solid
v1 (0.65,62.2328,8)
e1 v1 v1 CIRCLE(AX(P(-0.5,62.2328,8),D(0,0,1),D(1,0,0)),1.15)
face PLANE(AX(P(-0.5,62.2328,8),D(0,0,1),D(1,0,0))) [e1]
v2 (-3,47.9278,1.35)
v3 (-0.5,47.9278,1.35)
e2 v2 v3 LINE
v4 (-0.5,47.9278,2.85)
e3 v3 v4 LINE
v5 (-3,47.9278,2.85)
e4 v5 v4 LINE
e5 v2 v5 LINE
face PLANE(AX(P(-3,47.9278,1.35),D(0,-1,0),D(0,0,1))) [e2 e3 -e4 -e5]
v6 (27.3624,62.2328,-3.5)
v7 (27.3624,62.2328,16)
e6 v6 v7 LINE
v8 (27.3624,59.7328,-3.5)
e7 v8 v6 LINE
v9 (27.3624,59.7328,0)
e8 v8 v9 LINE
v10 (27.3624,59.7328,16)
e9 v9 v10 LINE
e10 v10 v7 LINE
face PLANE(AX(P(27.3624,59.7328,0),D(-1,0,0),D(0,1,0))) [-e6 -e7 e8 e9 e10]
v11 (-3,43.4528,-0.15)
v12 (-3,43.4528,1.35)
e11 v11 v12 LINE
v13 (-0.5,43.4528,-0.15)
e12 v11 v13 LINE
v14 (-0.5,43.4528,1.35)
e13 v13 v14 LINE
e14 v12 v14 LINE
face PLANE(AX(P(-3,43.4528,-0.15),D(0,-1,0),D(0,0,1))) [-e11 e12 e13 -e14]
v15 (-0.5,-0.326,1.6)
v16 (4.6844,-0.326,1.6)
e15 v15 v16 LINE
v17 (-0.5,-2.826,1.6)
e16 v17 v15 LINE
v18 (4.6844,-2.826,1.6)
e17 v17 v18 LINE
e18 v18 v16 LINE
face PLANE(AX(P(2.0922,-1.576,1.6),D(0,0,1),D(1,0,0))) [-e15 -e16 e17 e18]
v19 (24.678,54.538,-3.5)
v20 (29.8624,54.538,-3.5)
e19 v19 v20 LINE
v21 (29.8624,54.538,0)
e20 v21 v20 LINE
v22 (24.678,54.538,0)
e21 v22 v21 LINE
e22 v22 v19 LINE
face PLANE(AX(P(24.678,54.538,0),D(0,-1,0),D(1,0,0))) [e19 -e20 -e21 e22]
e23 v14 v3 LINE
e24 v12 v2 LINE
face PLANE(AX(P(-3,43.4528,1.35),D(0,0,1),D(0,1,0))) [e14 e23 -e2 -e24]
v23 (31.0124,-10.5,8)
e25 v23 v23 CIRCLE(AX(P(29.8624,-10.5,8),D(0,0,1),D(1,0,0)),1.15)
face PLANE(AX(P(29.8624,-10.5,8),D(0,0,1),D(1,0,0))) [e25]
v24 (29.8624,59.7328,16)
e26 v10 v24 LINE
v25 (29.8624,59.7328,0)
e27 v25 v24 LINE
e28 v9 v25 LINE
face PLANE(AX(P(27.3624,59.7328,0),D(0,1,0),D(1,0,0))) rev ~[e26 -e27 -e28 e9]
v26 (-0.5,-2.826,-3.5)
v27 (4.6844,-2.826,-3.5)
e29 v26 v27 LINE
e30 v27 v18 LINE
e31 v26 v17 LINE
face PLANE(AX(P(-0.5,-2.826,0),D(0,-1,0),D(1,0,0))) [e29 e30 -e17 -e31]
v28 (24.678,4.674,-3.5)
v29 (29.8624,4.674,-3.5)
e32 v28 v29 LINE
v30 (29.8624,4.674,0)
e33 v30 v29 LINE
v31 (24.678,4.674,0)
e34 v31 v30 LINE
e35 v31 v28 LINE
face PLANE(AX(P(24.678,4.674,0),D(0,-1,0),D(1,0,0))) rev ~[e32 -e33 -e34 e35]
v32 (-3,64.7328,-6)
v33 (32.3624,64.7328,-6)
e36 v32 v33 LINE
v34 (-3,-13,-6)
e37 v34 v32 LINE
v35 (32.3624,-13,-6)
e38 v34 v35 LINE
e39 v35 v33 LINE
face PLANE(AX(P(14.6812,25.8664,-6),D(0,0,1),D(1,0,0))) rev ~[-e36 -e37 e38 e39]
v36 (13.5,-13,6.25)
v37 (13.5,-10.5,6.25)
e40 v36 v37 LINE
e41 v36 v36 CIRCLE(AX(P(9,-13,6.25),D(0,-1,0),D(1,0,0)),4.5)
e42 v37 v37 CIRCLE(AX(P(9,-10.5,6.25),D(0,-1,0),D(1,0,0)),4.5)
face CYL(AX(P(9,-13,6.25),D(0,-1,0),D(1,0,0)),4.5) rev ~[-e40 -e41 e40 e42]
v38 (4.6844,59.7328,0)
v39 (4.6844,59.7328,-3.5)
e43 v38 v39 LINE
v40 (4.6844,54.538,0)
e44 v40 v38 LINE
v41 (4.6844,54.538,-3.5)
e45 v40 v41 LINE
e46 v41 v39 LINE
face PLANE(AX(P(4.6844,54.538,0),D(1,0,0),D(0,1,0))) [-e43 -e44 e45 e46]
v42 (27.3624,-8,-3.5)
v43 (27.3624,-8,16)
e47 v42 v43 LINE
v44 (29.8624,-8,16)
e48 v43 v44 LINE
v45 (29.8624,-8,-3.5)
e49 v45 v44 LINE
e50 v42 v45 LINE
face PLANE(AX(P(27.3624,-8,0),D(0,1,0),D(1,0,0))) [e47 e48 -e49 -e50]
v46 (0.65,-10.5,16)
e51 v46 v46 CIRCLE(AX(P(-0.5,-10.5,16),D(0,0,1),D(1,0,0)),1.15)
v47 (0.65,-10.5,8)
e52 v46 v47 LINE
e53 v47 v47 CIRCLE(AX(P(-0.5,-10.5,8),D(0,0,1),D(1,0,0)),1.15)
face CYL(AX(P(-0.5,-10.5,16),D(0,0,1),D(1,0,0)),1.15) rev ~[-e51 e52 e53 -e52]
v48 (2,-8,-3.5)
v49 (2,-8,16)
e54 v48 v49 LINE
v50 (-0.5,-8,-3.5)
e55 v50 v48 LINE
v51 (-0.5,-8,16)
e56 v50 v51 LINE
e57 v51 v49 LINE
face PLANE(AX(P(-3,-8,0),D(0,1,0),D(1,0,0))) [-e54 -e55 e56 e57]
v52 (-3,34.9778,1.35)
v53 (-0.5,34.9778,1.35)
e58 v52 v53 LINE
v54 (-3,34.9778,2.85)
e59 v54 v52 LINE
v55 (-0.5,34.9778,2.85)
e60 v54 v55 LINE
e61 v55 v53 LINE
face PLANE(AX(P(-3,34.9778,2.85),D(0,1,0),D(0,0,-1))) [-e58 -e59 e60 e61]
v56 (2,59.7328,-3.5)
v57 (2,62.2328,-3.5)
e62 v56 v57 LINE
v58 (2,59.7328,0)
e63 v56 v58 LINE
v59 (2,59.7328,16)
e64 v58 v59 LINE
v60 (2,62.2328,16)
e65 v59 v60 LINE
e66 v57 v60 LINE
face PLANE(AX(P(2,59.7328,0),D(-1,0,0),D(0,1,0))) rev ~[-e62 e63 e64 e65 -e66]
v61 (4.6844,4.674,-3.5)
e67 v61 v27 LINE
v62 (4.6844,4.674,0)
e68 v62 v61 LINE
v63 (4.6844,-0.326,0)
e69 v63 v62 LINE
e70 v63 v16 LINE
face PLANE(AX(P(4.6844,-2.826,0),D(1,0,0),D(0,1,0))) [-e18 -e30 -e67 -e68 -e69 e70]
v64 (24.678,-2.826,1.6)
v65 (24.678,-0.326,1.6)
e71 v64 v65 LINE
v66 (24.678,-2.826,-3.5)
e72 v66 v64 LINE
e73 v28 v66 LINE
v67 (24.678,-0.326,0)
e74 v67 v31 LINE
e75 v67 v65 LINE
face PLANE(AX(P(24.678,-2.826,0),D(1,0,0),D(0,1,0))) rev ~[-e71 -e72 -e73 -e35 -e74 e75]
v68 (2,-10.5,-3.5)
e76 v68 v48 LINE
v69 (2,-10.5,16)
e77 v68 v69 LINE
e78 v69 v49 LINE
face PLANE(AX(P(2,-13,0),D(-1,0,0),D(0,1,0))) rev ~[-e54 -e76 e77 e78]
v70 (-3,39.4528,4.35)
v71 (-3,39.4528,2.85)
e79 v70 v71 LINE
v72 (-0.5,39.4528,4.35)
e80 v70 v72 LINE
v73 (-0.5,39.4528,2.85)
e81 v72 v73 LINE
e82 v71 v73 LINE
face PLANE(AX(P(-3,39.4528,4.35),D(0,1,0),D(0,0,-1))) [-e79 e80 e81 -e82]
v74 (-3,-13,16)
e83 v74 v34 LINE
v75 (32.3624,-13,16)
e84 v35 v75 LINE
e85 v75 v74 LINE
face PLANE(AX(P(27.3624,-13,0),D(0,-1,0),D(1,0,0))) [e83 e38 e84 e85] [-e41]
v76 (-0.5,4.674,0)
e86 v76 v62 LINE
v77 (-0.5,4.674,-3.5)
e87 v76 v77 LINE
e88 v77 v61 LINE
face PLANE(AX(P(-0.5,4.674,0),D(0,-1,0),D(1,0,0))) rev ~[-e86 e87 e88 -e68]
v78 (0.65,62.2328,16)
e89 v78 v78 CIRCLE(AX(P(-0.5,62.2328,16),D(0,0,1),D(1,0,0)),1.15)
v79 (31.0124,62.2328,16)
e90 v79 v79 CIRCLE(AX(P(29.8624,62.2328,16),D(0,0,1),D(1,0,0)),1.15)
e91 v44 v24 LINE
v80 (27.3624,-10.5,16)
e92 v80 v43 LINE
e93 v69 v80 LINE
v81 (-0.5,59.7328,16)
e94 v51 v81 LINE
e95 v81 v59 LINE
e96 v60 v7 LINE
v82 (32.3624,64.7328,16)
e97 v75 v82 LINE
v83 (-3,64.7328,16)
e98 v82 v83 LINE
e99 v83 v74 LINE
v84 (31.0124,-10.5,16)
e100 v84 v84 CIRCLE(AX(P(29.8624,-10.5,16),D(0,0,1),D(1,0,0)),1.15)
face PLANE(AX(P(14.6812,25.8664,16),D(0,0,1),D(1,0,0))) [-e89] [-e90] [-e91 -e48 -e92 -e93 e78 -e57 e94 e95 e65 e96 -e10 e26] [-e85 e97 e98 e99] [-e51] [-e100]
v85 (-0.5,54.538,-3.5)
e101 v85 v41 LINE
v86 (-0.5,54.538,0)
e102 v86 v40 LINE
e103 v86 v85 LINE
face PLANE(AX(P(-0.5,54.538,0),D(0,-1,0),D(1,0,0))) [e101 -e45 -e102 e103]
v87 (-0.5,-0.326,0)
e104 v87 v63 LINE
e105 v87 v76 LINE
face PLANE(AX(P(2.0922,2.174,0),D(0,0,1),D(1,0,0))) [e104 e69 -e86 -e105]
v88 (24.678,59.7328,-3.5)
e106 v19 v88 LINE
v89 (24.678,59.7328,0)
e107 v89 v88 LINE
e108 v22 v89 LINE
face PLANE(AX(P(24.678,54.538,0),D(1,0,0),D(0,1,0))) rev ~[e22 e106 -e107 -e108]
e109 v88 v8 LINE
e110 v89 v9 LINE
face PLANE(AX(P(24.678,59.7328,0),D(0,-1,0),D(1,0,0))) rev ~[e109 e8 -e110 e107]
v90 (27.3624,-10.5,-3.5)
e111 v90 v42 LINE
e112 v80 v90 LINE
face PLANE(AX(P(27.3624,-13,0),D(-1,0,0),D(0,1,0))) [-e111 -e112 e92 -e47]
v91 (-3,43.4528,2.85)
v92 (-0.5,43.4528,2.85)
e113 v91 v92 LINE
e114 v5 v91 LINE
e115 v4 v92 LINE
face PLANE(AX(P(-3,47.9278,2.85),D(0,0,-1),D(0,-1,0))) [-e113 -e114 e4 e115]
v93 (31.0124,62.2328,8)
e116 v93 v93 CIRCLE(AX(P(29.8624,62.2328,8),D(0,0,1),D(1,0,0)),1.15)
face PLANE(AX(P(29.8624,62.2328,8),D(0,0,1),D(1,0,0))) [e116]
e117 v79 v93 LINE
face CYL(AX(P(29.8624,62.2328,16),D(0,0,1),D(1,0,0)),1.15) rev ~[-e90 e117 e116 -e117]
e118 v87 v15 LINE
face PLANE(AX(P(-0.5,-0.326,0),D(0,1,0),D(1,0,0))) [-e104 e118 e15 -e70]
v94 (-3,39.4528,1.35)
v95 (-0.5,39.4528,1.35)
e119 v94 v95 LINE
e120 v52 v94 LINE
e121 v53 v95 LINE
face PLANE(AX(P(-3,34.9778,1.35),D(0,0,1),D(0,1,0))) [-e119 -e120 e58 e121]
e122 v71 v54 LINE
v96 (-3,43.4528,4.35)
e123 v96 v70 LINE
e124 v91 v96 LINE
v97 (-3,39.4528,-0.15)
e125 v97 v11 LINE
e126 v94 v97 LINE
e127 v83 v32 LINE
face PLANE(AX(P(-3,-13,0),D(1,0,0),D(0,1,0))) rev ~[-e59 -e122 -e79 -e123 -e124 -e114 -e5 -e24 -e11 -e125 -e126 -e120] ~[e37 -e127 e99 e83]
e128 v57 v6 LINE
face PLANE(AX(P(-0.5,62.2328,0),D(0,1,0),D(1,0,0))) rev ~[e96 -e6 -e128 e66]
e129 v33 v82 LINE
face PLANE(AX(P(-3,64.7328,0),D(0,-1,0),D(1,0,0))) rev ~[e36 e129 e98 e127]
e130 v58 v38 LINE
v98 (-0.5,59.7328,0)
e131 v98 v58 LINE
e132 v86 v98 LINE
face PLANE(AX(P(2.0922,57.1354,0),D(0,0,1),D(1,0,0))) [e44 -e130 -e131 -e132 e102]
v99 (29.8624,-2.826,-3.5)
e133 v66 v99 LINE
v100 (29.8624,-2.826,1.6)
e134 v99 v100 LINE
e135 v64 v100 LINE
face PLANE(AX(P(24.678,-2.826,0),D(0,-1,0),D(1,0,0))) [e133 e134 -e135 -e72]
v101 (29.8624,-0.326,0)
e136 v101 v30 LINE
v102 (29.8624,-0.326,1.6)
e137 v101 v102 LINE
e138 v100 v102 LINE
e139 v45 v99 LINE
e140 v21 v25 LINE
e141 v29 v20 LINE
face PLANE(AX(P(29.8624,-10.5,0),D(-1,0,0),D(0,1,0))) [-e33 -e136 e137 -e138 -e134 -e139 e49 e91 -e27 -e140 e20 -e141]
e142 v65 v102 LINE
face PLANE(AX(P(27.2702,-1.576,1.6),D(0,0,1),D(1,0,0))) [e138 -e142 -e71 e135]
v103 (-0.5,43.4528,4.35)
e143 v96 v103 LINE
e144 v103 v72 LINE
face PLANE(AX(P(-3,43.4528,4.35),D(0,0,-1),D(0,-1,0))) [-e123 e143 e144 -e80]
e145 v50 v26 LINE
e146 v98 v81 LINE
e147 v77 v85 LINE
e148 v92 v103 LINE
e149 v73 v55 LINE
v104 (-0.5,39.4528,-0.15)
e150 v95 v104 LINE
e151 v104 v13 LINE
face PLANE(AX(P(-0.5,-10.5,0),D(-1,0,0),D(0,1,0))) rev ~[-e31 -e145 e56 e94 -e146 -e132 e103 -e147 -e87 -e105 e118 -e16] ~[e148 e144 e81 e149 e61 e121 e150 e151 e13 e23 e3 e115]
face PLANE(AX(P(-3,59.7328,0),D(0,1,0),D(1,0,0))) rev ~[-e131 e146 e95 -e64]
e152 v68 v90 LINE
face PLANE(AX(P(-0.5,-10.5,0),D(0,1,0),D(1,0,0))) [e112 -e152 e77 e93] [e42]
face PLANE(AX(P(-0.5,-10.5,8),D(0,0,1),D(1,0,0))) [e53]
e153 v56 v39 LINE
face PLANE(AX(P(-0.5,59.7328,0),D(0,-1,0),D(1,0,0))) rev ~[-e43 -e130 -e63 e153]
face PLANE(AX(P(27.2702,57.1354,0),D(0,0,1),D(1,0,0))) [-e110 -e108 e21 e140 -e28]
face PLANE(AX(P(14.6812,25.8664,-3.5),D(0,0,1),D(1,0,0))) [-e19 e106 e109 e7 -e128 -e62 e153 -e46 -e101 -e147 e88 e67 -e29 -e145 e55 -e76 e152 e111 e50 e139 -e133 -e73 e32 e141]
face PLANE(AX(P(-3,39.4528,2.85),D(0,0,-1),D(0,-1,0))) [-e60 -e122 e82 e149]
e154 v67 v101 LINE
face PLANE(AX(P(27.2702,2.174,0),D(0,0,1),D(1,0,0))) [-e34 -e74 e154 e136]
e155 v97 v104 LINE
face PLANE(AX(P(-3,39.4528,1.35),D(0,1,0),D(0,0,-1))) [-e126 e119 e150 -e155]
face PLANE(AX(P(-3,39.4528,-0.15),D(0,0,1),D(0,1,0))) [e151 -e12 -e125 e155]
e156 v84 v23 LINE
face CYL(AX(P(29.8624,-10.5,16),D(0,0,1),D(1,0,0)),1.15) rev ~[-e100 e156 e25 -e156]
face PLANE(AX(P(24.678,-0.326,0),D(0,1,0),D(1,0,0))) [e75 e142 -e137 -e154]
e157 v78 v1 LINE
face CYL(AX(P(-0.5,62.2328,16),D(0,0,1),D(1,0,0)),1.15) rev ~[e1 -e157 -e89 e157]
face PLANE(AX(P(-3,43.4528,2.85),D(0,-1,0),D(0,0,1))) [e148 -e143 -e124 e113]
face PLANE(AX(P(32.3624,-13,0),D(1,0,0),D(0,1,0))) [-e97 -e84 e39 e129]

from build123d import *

# Parameters (mm, degrees)
SKETCH_W          = 35.3624
SKETCH_H          = 77.7328
PAD_DEPTH         = 16
PAD_DEPTH_BACK    = 6
SKETCH002_W       = 30.3624
SKETCH002_H       = 72.7328
POCKET_DEPTH      = 3.5
POCKET_DEPTH_BACK = 16
SKETCH003_W       = 5
SKETCH003_H       = 5
PAD001_DEPTH      = 16
PAD001_DEPTH_BACK = 3.5
SKETCH004_W       = 5.1844
SKETCH004_H       = 5.1948
SKETCH004_H_2     = 5
PAD002_DEPTH      = 3.5
SKETCH005_W       = 5.1844
SKETCH005_H       = 2.5
PAD003_DEPTH      = 1.6
PAD003_DEPTH_BACK = 3.5
SKETCH006_R       = 1.15
POCKET001_DEPTH   = 8
SKETCH007_R       = 4.5
POCKET002_DEPTH   = 2.5
POCKET003_DEPTH   = 2.5


with BuildPart() as part:
    # Sketch → Pad (new body, two sides)
    with BuildSketch(Plane.XY) as pad_sk:
        with Locations((14.6812, 25.8664)):
            Rectangle(SKETCH_W, SKETCH_H)
    extrude(amount=PAD_DEPTH)
    extrude(pad_sk.sketch, amount=-PAD_DEPTH_BACK)

    # Sketch002 → Pocket (cut, two sides)
    with BuildSketch(Plane.XY) as pocket_sk:
        with Locations((14.6812, 25.8664)):
            Rectangle(SKETCH002_W, SKETCH002_H)
    extrude(amount=-POCKET_DEPTH, mode=Mode.SUBTRACT)
    extrude(pocket_sk.sketch, amount=POCKET_DEPTH_BACK, mode=Mode.SUBTRACT)

    # Sketch003 → Pad001 (join, two sides)
    with BuildSketch(Plane.XY) as pad001_sk:
        with Locations((29.8624, -10.5)):
            Rectangle(SKETCH003_W, SKETCH003_H)
        with Locations((-0.5, -10.5)):
            Rectangle(SKETCH003_W, SKETCH003_H)
        with Locations((-0.5, 62.2328)):
            Rectangle(SKETCH003_W, SKETCH003_H)
        with Locations((29.8624, 62.2328)):
            Rectangle(SKETCH003_W, SKETCH003_H)
    extrude(amount=PAD001_DEPTH)
    extrude(pad001_sk.sketch, amount=-PAD001_DEPTH_BACK)

    # Sketch004 → Pad002 (join)
    with BuildSketch(Plane.XY):
        with Locations((2.0922, 57.1354)):
            Rectangle(SKETCH004_W, SKETCH004_H)
        with Locations((27.2702, 57.1354)):
            Rectangle(SKETCH004_W, SKETCH004_H)
        with Locations((2.0922, 2.174)):
            Rectangle(SKETCH004_W, SKETCH004_H_2)
        with Locations((27.2702, 2.174)):
            Rectangle(SKETCH004_W, SKETCH004_H_2)
    extrude(amount=-PAD002_DEPTH)

    # Sketch005 → Pad003 (join, two sides)
    with BuildSketch(Plane.XY) as pad003_sk:
        with Locations((27.2702, -1.576)):
            Rectangle(SKETCH005_W, SKETCH005_H)
        with Locations((2.0922, -1.576)):
            Rectangle(SKETCH005_W, SKETCH005_H)
    extrude(amount=PAD003_DEPTH)
    extrude(pad003_sk.sketch, amount=-PAD003_DEPTH_BACK)

    # Sketch006 (on DatumPlane) → Pocket001 (cut)
    with BuildSketch(Plane.XY.offset(16)):
        with Locations((29.8624, -10.5)):
            Circle(SKETCH006_R)
        with Locations((-0.5, -10.5)):
            Circle(SKETCH006_R)
        with Locations((29.8624, 62.2328)):
            Circle(SKETCH006_R)
        with Locations((-0.5, 62.2328)):
            Circle(SKETCH006_R)
    extrude(amount=-POCKET001_DEPTH, mode=Mode.SUBTRACT)

    # Sketch007 (on DatumPlane) → Pocket002 (cut)
    with BuildSketch(Plane.XZ.offset(13)):
        with Locations((9, 6.25)):
            Circle(SKETCH007_R)
    extrude(amount=-POCKET002_DEPTH, mode=Mode.SUBTRACT)

    # Sketch008 (on DatumPlane) → Pocket003 (cut)
    with BuildSketch(Plane(origin=(-3, 0, 0), x_dir=(0, -1, 0), z_dir=(-1, 0, 0))):
        Polygon((-47.9278, 2.85), (-43.4528, 2.85), (-43.4528, 4.35), (-39.4528, 4.35), (-39.4528, 2.85), (-34.9778, 2.85), (-34.9778, 1.35), (-39.4528, 1.35), (-39.4528, -0.15), (-43.4528, -0.15), (-43.4528, 1.35), (-47.9278, 1.35), align=None)
    extrude(amount=-POCKET003_DEPTH, mode=Mode.SUBTRACT)


solid = part.part
